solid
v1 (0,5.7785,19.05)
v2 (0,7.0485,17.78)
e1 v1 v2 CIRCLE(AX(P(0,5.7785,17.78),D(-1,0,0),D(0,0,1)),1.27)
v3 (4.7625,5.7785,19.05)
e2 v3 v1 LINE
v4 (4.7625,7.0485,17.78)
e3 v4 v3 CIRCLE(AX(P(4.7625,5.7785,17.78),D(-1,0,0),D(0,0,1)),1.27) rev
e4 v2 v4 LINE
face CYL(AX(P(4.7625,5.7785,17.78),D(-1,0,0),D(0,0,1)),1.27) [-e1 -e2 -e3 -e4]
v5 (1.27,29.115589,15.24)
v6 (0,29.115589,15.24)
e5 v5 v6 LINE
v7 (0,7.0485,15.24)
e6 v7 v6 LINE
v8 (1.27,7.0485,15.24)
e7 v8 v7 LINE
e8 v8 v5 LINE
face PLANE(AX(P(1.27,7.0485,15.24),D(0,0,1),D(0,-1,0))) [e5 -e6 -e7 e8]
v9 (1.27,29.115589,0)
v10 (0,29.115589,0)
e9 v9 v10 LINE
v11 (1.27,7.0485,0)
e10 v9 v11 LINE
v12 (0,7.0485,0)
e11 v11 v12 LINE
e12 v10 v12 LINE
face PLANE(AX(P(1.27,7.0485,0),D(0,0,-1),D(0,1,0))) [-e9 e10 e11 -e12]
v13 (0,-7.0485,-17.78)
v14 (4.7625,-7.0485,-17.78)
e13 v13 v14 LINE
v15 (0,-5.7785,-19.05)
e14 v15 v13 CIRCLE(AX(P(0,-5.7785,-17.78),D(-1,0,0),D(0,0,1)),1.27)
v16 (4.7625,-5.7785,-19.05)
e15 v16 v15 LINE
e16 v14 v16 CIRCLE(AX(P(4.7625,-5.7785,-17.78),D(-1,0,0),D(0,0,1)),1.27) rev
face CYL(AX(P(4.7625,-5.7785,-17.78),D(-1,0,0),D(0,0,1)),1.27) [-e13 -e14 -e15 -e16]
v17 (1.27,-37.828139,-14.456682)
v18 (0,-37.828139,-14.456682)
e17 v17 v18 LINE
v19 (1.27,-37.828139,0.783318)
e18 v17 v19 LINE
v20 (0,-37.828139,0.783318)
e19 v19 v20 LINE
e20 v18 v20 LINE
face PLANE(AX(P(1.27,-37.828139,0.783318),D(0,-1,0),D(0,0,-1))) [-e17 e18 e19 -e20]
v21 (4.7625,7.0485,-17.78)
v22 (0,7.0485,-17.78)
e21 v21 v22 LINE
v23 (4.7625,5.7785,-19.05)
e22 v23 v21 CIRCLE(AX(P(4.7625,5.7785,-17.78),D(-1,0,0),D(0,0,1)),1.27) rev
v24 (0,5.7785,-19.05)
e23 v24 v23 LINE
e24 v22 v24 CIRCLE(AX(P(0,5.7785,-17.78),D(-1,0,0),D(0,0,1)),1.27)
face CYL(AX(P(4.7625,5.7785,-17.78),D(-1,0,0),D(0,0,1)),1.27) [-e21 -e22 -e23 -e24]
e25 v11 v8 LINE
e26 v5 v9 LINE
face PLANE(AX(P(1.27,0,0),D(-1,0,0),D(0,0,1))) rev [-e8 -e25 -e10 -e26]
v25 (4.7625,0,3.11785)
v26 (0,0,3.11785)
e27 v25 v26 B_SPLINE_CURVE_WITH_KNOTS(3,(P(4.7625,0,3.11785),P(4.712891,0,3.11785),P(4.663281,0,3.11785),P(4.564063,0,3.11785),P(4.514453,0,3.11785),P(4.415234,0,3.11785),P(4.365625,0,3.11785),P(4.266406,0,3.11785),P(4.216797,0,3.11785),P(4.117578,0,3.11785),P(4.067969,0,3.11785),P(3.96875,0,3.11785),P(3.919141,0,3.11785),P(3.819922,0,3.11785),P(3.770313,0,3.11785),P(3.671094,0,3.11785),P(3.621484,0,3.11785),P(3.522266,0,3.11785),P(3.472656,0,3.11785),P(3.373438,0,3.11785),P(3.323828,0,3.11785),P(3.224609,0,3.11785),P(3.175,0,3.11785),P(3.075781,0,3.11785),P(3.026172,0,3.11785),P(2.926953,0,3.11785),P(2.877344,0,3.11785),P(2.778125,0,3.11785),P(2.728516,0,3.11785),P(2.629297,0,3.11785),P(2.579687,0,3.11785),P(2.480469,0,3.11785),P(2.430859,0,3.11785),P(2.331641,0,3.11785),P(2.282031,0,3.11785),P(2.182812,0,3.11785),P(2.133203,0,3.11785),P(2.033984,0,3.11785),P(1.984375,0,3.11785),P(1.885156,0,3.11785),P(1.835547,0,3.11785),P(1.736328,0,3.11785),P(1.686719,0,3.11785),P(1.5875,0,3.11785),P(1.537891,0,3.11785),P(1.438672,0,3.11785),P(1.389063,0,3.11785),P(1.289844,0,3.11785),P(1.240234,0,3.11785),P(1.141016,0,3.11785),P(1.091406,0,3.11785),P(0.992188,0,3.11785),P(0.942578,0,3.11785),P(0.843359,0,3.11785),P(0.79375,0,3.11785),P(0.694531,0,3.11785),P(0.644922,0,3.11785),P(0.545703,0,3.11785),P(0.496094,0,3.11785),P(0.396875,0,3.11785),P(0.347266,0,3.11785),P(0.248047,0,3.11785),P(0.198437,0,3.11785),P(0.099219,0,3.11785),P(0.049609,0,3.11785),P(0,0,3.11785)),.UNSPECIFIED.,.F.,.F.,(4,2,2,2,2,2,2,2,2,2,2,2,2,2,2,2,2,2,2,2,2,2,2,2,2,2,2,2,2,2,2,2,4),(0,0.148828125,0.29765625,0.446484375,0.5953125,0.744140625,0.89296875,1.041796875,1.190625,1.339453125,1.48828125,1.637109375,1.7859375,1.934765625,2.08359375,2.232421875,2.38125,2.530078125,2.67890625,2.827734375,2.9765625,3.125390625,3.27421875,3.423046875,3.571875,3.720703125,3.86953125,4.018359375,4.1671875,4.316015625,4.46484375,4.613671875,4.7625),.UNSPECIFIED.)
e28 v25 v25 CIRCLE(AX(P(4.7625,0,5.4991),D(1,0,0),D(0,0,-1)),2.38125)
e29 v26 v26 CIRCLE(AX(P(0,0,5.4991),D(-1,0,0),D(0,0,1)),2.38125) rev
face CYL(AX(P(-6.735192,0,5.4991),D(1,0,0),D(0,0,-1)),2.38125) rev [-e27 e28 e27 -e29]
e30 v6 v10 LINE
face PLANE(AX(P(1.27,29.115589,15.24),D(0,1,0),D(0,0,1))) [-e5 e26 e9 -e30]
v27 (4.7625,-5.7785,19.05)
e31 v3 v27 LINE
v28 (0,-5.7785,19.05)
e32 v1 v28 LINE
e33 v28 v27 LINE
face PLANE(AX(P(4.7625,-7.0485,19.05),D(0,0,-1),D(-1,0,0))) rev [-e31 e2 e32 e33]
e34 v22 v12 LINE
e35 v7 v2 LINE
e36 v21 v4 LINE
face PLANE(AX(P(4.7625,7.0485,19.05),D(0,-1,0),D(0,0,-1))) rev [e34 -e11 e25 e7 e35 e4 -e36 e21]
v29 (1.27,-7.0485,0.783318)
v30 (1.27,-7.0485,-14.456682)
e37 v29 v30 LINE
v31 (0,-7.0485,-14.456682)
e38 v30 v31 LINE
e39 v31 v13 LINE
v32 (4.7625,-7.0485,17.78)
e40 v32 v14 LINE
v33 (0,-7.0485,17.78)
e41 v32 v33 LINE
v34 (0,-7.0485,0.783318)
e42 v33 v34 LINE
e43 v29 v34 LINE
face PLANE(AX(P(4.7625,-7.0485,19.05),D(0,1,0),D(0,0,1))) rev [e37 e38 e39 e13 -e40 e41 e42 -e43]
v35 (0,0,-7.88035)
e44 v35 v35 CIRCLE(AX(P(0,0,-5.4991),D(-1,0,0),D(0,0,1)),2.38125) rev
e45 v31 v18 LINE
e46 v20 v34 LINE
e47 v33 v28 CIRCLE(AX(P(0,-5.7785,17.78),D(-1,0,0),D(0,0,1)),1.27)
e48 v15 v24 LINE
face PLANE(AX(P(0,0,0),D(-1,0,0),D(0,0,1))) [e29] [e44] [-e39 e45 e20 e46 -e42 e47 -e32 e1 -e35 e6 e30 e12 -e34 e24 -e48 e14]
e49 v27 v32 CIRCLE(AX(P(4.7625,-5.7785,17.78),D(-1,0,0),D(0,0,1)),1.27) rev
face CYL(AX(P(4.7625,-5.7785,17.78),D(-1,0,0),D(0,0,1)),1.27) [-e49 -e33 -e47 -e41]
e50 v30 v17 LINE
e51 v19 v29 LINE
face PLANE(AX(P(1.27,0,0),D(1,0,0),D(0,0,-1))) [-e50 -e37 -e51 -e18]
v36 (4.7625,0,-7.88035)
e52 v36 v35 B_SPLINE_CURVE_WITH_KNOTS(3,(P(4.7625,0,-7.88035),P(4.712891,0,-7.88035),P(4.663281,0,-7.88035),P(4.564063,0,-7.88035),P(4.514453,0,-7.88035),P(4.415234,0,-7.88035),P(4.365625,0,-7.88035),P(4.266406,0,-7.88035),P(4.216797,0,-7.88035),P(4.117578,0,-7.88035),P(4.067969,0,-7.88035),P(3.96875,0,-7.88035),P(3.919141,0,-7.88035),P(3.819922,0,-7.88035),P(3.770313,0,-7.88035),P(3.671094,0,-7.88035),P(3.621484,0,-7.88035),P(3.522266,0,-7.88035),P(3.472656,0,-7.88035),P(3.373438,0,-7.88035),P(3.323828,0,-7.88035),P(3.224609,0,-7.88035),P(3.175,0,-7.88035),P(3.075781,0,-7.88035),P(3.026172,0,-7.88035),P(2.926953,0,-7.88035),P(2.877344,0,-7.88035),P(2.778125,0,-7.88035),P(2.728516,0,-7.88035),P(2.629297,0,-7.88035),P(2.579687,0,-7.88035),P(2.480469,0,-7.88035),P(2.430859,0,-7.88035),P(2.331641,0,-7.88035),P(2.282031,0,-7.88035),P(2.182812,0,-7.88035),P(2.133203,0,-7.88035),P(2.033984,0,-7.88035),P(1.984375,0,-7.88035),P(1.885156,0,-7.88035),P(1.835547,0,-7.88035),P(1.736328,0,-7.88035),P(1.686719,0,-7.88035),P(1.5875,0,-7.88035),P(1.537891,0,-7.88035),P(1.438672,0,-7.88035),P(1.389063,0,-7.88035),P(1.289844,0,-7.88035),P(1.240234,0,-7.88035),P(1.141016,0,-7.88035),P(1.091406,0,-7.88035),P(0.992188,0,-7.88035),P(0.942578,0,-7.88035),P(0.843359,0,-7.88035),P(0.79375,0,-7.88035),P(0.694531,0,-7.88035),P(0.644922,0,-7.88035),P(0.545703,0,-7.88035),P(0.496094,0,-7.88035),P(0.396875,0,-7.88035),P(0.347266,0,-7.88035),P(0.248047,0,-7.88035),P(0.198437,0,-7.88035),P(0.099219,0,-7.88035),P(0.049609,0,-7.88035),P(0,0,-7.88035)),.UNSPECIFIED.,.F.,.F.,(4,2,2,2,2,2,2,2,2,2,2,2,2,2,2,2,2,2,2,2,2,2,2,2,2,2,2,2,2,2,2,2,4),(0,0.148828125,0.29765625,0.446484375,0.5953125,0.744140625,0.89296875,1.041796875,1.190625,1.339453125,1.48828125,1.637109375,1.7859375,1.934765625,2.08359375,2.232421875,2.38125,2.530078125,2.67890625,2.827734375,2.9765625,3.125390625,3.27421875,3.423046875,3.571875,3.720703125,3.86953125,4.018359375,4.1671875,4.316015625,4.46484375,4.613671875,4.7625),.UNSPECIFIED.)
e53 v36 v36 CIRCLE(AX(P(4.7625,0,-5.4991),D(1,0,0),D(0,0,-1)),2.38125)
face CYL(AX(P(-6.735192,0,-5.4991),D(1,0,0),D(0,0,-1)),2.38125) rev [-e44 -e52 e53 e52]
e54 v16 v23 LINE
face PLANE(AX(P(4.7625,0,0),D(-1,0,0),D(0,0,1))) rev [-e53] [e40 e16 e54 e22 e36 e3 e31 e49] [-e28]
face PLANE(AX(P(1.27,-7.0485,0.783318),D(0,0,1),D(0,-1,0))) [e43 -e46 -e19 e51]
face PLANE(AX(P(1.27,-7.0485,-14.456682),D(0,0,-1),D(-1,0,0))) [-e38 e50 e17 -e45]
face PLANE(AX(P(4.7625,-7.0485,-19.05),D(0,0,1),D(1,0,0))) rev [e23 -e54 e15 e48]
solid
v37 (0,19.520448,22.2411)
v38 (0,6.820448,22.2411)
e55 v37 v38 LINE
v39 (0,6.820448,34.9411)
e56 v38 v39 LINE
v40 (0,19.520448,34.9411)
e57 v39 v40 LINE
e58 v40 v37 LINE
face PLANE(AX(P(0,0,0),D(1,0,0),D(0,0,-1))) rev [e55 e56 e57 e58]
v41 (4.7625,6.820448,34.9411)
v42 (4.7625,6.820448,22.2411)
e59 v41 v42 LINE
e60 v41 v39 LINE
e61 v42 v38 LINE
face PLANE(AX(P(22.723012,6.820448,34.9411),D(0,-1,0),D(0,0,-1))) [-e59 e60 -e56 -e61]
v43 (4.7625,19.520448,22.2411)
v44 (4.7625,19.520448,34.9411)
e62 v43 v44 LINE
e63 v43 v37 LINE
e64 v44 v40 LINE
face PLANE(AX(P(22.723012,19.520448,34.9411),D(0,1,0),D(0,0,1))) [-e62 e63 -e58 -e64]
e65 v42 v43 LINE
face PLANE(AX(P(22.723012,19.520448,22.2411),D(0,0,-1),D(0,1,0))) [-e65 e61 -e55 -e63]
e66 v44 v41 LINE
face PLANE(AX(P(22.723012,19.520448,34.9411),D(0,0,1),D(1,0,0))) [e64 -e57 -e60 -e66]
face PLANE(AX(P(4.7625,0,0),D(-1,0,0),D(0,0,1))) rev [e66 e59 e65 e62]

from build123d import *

# Parameters (mm, degrees)
SKETCH1_W           = 38.1
SKETCH1_H           = 14.097
BOSS_EXTRUDE1_DEPTH = 4.7625
FILLET1_R           = 1.27
SKETCH2_R           = 2.38125
CUT_EXTRUDE1_DEPTH  = 4.7625
SKETCH3_W           = 12.7
SKETCH3_H           = 12.7
BOSS_EXTRUDE2_DEPTH = 4.7625
SKETCH4_W           = 15.24
SKETCH4_H           = 22.067088611
SKETCH4_H_2         = 30.779638622
BOSS_EXTRUDE3_DEPTH = 1.27


with BuildPart() as part:
    # Sketch1 → Boss-Extrude1 (new body)
    with BuildSketch(Plane(origin=(0, 0, 0), x_dir=(0, 0, -1), z_dir=(1, 0, 0))):
        Rectangle(SKETCH1_W, SKETCH1_H)
    extrude(amount=BOSS_EXTRUDE1_DEPTH)

    # Fillet1
    fillet1_edges = [part.edges().sort_by_distance(p)[0] for p in [
        (2.38125, 7.0485, 19.05),
        (2.38125, 7.0485, -19.05),
        (2.38125, -7.0485, -19.05),
        (2.38125, -7.0485, 19.05),
    ]]
    fillet(fillet1_edges, radius=FILLET1_R)

    # Sketch2 → Cut-Extrude1 (cut)
    with BuildSketch(Plane(origin=(4.7625, 0, 0), x_dir=(0, 0, -1), z_dir=(1, 0, 0))):
        with Locations((-5.4991, 0)):
            Circle(SKETCH2_R)
        with Locations((5.4991, 0)):
            Circle(SKETCH2_R)
    extrude(amount=-CUT_EXTRUDE1_DEPTH, mode=Mode.SUBTRACT)

    # Sketch4 → Boss-Extrude3 (add)
    with BuildSketch(Plane.ZY):
        with Locations((7.62, 18.082044306)):
            Rectangle(SKETCH4_W, SKETCH4_H)
        with Locations((-6.836682106, -22.438319311)):
            Rectangle(SKETCH4_W, SKETCH4_H_2)
    extrude(amount=-BOSS_EXTRUDE3_DEPTH)


with BuildPart() as body_2:
    # Sketch3 → Boss-Extrude2 (new body)
    with BuildSketch(Plane.ZY):
        with Locations((28.59110019, 13.170447646)):
            Rectangle(SKETCH3_W, SKETCH3_H)
    extrude(amount=-BOSS_EXTRUDE2_DEPTH)


solid = Compound([part.part, body_2.part])
